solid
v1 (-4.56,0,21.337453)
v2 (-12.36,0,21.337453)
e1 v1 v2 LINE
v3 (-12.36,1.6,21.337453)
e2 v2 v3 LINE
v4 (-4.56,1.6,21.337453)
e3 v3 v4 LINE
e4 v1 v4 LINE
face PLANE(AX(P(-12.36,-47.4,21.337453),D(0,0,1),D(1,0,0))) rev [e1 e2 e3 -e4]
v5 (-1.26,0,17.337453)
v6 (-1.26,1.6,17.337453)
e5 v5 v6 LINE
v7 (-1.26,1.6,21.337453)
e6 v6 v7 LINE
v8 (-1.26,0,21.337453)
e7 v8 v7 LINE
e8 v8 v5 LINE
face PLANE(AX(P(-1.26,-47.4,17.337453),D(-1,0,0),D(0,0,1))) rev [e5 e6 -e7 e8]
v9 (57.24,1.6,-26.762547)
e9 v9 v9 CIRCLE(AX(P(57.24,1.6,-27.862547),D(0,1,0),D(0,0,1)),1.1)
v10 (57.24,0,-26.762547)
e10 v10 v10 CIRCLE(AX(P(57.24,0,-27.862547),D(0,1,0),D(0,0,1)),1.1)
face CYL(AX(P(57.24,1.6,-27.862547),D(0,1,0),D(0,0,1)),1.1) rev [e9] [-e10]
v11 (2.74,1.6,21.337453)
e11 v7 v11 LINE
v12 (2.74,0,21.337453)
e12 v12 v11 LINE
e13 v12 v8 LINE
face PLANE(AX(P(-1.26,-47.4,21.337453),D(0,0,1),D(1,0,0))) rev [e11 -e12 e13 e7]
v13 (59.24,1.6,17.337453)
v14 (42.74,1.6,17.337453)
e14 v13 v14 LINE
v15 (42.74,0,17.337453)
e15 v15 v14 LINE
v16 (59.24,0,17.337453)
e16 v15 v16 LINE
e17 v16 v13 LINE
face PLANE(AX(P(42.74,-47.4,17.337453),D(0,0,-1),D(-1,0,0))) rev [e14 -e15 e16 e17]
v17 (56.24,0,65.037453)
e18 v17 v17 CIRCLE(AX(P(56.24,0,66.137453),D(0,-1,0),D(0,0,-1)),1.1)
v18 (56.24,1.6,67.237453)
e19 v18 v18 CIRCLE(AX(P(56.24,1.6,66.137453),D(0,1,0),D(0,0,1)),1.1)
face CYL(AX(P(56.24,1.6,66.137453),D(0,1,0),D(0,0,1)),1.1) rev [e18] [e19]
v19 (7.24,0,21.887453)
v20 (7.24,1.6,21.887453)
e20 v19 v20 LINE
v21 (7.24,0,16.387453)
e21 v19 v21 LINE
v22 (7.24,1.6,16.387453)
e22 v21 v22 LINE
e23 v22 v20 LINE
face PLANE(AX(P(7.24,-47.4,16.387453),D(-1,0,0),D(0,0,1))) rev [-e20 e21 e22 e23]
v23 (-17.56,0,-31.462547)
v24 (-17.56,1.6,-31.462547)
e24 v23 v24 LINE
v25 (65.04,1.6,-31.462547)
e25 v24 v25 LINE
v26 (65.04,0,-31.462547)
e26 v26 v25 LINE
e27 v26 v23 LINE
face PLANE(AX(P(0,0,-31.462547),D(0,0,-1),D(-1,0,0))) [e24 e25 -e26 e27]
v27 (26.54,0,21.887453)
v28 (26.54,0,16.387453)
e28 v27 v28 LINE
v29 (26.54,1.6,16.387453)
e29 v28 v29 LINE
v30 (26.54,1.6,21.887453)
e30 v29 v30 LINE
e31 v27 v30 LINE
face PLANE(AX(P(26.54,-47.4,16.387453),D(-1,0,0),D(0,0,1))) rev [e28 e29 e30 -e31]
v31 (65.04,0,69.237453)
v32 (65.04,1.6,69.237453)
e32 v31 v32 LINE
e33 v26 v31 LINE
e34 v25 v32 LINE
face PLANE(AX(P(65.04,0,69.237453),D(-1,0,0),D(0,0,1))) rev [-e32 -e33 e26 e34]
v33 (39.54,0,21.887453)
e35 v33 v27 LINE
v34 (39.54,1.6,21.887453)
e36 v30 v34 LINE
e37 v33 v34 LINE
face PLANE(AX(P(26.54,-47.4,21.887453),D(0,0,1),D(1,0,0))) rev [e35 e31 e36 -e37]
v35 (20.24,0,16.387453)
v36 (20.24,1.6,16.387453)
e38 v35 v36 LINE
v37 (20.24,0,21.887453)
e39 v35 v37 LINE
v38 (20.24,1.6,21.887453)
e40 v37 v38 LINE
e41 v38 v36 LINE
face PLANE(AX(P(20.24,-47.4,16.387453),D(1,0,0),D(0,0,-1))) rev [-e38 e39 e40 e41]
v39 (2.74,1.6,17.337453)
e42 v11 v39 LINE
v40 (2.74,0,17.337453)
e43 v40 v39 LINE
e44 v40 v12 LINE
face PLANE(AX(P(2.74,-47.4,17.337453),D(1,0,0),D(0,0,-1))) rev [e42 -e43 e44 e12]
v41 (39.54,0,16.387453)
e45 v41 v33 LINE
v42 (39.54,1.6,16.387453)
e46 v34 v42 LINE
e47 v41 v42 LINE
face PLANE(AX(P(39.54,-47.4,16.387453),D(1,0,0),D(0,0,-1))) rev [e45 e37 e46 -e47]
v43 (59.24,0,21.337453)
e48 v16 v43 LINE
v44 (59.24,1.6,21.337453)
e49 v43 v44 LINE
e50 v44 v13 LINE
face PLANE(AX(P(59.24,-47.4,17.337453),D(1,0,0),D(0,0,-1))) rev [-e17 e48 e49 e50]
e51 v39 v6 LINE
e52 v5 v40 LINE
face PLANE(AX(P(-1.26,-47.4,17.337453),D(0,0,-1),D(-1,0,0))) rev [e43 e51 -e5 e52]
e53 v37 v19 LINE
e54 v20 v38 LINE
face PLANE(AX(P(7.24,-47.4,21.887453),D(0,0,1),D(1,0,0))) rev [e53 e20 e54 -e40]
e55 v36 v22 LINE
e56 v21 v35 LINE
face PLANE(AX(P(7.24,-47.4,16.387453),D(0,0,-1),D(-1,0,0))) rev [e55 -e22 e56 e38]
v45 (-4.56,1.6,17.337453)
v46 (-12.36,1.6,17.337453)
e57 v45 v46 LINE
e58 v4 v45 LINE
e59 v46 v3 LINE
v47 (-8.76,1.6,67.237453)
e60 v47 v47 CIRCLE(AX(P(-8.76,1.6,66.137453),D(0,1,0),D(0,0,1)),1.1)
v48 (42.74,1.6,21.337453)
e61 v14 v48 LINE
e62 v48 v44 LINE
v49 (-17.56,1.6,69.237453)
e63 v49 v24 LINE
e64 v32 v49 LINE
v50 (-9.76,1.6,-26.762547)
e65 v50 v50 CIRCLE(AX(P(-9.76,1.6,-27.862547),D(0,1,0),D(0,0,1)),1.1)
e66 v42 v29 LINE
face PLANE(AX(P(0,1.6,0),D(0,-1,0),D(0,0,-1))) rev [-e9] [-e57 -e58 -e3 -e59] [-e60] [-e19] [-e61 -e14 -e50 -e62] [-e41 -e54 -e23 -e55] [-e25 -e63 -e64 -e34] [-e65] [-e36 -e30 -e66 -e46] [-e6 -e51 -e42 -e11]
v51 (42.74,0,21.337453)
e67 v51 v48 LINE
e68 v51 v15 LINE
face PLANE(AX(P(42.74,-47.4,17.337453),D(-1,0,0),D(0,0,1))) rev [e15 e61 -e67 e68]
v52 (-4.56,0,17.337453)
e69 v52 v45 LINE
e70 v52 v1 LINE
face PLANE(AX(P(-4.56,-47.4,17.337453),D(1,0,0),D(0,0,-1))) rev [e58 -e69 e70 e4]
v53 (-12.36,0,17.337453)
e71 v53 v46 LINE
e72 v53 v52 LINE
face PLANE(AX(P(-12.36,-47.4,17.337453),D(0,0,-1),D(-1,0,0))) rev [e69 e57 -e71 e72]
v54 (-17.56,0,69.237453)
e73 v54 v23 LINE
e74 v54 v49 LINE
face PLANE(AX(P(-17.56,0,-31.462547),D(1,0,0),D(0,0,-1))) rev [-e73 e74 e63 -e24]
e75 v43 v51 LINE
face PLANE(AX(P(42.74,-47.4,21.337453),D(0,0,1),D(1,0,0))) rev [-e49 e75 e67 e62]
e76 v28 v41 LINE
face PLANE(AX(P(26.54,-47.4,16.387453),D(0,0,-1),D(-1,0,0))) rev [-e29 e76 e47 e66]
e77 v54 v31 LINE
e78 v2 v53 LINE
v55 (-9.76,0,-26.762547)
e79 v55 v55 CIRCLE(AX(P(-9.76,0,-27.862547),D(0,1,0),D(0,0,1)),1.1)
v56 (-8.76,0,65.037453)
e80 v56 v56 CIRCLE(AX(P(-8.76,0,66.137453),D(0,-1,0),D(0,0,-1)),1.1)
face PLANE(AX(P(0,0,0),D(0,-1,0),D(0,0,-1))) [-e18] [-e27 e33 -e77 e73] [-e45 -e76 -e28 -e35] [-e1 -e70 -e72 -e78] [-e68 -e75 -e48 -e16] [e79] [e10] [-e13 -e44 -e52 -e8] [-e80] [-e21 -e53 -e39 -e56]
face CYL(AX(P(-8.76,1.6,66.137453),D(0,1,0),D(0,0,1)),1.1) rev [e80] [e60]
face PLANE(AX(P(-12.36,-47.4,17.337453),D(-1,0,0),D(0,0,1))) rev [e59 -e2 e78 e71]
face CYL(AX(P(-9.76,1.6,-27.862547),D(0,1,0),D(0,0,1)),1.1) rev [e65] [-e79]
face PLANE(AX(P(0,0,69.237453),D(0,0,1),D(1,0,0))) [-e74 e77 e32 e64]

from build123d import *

# Parameters (mm, degrees)
BOSS_EXTRUDE1_DEPTH            = 1.6
SKETCH3_W                      = 13
SKETCH3_H                      = 5.5
SKETCH3_W_2                    = 16.5
SKETCH3_H_2                    = 4
SKETCH3_W_3                    = 7.8
SKETCH3_W_4                    = 4
CUT_EXTRUDE2_DEPTH             = 49
F_2_2_2_2_DIAMETER_HOLE2_D     = 2.2
F_2_2_2_2_DIAMETER_HOLE2_DEPTH = 5
CUT_EXTRUDE4_REACH             = 3.6
SKETCH12_W                     = 83
SKETCH12_H                     = 2.5
SKETCH_1_W                     = 83
SKETCH_1_H                     = 1.6
EXTRUDE_1_DEPTH                = 1.6
SKETCH_2_W                     = 83
SKETCH_2_H                     = 1.6
EXTRUDE_2_DEPTH                = 1.6
F_2_2_2_2_DIAMETER_HOLE1_D     = 2.2
F_2_2_2_2_DIAMETER_HOLE1_DEPTH = 1.6
SKETCH16_W                     = 0.2
SKETCH16_H                     = 100.7
EXTRUDE1_DEPTH                 = 2.6


with BuildPart() as part:
    # Sketch1 → Boss-Extrude1 (new body)
    with BuildSketch(Plane(origin=(0, 0, 0), x_dir=(1, 0, 0), z_dir=(0, 1, 0))):
        Polygon((65.24, 0.272495156), (65.24, -46.437452638), (65.24, -63.637452638), (65.24, -70.137452638), (-17.76, -70.137452638), (-17.76, -63.637452638), (-17.76, -48.637452638), (-17.76, -45.78978272), (-17.76, 4.362547362), (-17.76, 21.562547362), (-17.76, 29.862547362), (65.24, 29.862547362), (65.24, 21.562547362), (65.24, 6.562547362), align=None)
    extrude(amount=BOSS_EXTRUDE1_DEPTH)

    # Sketch3 → Cut-Extrude2 (cut)
    with BuildSketch(Plane(origin=(0, 1.6, 0), x_dir=(1, 0, 0), z_dir=(0, 1, 0))):
        with Locations((13.74, -19.137452638)):
            Rectangle(SKETCH3_W, SKETCH3_H)
        with Locations((50.99, -19.337452638)):
            Rectangle(SKETCH3_W_2, SKETCH3_H_2)
        with Locations((-8.46, -19.337452638)):
            Rectangle(SKETCH3_W_3, SKETCH3_H_2)
        with Locations((33.04, -19.137452638)):
            Rectangle(SKETCH3_W, SKETCH3_H)
        with Locations((0.74, -19.337452638)):
            Rectangle(SKETCH3_W_4, SKETCH3_H_2)
    extrude(amount=-CUT_EXTRUDE2_DEPTH, mode=Mode.SUBTRACT)

    # Ø2.2 (2.2) Diameter Hole2
    with Locations(Plane(origin=(0, 1.6, 0), x_dir=(1, 0, 0), z_dir=(0, 1, 0))):
        with Locations((56.24, -66.137452638), (-8.76, -66.137452638)):
            Hole(F_2_2_2_2_DIAMETER_HOLE2_D / 2, depth=F_2_2_2_2_DIAMETER_HOLE2_DEPTH)

    # Sketch12 → Cut-Extrude4 (cut, up to next)
    with BuildSketch(Plane(origin=(0, 1.6, 0), x_dir=(1, 0, 0), z_dir=(0, 1, 0)), mode=Mode.PRIVATE) as cut_extrude4_sk1:
        with Locations((23.74, -68.887452638)):
            Rectangle(SKETCH12_W, SKETCH12_H)
    cut_extrude4_tool1 = extrude(cut_extrude4_sk1.sketch, amount=-CUT_EXTRUDE4_REACH, mode=Mode.PRIVATE) & part.part
    add(cut_extrude4_tool1.solids().sort_by_distance((23.74, 1.6, 68.887453))[0], mode=Mode.SUBTRACT)

    # ｽｹｯﾁ1 → ﾎﾞｽ - 押し出し1 (add)
    with BuildSketch(Plane(origin=(0, 0, -29.862547362), x_dir=(-1, 0, 0), z_dir=(0, 0, -1))):
        with Locations((-23.74, 0.8)):
            Rectangle(SKETCH_1_W, SKETCH_1_H)
    extrude(amount=EXTRUDE_1_DEPTH)

    # ｽｹｯﾁ2 → ﾎﾞｽ - 押し出し2 (add)
    with BuildSketch(Plane.XY.offset(67.637452638)):
        with Locations((23.74, 0.8)):
            Rectangle(SKETCH_2_W, SKETCH_2_H)
    extrude(amount=EXTRUDE_2_DEPTH)

    # Ø2.2 (2.2) Diameter Hole1
    with Locations(Plane(origin=(0, 1.6, 0), x_dir=(1, 0, 0), z_dir=(0, 1, 0))):
        with Locations((-9.76, 27.862547362), (57.24, 27.862547362)):
            Hole(F_2_2_2_2_DIAMETER_HOLE1_D / 2, depth=F_2_2_2_2_DIAMETER_HOLE1_DEPTH)

    # Sketch16 → Extrude1 (cut, through all)
    with BuildSketch(Plane(origin=(0, 1.6, 0), x_dir=(1, 0, 0), z_dir=(0, 1, 0))):
        with Locations((-17.66, -18.887452638)):
            Rectangle(SKETCH16_W, SKETCH16_H)
        with Locations((65.14, -18.887452638)):
            Rectangle(SKETCH16_W, SKETCH16_H)
    extrude(amount=-EXTRUDE1_DEPTH, mode=Mode.SUBTRACT)


solid = part.part
